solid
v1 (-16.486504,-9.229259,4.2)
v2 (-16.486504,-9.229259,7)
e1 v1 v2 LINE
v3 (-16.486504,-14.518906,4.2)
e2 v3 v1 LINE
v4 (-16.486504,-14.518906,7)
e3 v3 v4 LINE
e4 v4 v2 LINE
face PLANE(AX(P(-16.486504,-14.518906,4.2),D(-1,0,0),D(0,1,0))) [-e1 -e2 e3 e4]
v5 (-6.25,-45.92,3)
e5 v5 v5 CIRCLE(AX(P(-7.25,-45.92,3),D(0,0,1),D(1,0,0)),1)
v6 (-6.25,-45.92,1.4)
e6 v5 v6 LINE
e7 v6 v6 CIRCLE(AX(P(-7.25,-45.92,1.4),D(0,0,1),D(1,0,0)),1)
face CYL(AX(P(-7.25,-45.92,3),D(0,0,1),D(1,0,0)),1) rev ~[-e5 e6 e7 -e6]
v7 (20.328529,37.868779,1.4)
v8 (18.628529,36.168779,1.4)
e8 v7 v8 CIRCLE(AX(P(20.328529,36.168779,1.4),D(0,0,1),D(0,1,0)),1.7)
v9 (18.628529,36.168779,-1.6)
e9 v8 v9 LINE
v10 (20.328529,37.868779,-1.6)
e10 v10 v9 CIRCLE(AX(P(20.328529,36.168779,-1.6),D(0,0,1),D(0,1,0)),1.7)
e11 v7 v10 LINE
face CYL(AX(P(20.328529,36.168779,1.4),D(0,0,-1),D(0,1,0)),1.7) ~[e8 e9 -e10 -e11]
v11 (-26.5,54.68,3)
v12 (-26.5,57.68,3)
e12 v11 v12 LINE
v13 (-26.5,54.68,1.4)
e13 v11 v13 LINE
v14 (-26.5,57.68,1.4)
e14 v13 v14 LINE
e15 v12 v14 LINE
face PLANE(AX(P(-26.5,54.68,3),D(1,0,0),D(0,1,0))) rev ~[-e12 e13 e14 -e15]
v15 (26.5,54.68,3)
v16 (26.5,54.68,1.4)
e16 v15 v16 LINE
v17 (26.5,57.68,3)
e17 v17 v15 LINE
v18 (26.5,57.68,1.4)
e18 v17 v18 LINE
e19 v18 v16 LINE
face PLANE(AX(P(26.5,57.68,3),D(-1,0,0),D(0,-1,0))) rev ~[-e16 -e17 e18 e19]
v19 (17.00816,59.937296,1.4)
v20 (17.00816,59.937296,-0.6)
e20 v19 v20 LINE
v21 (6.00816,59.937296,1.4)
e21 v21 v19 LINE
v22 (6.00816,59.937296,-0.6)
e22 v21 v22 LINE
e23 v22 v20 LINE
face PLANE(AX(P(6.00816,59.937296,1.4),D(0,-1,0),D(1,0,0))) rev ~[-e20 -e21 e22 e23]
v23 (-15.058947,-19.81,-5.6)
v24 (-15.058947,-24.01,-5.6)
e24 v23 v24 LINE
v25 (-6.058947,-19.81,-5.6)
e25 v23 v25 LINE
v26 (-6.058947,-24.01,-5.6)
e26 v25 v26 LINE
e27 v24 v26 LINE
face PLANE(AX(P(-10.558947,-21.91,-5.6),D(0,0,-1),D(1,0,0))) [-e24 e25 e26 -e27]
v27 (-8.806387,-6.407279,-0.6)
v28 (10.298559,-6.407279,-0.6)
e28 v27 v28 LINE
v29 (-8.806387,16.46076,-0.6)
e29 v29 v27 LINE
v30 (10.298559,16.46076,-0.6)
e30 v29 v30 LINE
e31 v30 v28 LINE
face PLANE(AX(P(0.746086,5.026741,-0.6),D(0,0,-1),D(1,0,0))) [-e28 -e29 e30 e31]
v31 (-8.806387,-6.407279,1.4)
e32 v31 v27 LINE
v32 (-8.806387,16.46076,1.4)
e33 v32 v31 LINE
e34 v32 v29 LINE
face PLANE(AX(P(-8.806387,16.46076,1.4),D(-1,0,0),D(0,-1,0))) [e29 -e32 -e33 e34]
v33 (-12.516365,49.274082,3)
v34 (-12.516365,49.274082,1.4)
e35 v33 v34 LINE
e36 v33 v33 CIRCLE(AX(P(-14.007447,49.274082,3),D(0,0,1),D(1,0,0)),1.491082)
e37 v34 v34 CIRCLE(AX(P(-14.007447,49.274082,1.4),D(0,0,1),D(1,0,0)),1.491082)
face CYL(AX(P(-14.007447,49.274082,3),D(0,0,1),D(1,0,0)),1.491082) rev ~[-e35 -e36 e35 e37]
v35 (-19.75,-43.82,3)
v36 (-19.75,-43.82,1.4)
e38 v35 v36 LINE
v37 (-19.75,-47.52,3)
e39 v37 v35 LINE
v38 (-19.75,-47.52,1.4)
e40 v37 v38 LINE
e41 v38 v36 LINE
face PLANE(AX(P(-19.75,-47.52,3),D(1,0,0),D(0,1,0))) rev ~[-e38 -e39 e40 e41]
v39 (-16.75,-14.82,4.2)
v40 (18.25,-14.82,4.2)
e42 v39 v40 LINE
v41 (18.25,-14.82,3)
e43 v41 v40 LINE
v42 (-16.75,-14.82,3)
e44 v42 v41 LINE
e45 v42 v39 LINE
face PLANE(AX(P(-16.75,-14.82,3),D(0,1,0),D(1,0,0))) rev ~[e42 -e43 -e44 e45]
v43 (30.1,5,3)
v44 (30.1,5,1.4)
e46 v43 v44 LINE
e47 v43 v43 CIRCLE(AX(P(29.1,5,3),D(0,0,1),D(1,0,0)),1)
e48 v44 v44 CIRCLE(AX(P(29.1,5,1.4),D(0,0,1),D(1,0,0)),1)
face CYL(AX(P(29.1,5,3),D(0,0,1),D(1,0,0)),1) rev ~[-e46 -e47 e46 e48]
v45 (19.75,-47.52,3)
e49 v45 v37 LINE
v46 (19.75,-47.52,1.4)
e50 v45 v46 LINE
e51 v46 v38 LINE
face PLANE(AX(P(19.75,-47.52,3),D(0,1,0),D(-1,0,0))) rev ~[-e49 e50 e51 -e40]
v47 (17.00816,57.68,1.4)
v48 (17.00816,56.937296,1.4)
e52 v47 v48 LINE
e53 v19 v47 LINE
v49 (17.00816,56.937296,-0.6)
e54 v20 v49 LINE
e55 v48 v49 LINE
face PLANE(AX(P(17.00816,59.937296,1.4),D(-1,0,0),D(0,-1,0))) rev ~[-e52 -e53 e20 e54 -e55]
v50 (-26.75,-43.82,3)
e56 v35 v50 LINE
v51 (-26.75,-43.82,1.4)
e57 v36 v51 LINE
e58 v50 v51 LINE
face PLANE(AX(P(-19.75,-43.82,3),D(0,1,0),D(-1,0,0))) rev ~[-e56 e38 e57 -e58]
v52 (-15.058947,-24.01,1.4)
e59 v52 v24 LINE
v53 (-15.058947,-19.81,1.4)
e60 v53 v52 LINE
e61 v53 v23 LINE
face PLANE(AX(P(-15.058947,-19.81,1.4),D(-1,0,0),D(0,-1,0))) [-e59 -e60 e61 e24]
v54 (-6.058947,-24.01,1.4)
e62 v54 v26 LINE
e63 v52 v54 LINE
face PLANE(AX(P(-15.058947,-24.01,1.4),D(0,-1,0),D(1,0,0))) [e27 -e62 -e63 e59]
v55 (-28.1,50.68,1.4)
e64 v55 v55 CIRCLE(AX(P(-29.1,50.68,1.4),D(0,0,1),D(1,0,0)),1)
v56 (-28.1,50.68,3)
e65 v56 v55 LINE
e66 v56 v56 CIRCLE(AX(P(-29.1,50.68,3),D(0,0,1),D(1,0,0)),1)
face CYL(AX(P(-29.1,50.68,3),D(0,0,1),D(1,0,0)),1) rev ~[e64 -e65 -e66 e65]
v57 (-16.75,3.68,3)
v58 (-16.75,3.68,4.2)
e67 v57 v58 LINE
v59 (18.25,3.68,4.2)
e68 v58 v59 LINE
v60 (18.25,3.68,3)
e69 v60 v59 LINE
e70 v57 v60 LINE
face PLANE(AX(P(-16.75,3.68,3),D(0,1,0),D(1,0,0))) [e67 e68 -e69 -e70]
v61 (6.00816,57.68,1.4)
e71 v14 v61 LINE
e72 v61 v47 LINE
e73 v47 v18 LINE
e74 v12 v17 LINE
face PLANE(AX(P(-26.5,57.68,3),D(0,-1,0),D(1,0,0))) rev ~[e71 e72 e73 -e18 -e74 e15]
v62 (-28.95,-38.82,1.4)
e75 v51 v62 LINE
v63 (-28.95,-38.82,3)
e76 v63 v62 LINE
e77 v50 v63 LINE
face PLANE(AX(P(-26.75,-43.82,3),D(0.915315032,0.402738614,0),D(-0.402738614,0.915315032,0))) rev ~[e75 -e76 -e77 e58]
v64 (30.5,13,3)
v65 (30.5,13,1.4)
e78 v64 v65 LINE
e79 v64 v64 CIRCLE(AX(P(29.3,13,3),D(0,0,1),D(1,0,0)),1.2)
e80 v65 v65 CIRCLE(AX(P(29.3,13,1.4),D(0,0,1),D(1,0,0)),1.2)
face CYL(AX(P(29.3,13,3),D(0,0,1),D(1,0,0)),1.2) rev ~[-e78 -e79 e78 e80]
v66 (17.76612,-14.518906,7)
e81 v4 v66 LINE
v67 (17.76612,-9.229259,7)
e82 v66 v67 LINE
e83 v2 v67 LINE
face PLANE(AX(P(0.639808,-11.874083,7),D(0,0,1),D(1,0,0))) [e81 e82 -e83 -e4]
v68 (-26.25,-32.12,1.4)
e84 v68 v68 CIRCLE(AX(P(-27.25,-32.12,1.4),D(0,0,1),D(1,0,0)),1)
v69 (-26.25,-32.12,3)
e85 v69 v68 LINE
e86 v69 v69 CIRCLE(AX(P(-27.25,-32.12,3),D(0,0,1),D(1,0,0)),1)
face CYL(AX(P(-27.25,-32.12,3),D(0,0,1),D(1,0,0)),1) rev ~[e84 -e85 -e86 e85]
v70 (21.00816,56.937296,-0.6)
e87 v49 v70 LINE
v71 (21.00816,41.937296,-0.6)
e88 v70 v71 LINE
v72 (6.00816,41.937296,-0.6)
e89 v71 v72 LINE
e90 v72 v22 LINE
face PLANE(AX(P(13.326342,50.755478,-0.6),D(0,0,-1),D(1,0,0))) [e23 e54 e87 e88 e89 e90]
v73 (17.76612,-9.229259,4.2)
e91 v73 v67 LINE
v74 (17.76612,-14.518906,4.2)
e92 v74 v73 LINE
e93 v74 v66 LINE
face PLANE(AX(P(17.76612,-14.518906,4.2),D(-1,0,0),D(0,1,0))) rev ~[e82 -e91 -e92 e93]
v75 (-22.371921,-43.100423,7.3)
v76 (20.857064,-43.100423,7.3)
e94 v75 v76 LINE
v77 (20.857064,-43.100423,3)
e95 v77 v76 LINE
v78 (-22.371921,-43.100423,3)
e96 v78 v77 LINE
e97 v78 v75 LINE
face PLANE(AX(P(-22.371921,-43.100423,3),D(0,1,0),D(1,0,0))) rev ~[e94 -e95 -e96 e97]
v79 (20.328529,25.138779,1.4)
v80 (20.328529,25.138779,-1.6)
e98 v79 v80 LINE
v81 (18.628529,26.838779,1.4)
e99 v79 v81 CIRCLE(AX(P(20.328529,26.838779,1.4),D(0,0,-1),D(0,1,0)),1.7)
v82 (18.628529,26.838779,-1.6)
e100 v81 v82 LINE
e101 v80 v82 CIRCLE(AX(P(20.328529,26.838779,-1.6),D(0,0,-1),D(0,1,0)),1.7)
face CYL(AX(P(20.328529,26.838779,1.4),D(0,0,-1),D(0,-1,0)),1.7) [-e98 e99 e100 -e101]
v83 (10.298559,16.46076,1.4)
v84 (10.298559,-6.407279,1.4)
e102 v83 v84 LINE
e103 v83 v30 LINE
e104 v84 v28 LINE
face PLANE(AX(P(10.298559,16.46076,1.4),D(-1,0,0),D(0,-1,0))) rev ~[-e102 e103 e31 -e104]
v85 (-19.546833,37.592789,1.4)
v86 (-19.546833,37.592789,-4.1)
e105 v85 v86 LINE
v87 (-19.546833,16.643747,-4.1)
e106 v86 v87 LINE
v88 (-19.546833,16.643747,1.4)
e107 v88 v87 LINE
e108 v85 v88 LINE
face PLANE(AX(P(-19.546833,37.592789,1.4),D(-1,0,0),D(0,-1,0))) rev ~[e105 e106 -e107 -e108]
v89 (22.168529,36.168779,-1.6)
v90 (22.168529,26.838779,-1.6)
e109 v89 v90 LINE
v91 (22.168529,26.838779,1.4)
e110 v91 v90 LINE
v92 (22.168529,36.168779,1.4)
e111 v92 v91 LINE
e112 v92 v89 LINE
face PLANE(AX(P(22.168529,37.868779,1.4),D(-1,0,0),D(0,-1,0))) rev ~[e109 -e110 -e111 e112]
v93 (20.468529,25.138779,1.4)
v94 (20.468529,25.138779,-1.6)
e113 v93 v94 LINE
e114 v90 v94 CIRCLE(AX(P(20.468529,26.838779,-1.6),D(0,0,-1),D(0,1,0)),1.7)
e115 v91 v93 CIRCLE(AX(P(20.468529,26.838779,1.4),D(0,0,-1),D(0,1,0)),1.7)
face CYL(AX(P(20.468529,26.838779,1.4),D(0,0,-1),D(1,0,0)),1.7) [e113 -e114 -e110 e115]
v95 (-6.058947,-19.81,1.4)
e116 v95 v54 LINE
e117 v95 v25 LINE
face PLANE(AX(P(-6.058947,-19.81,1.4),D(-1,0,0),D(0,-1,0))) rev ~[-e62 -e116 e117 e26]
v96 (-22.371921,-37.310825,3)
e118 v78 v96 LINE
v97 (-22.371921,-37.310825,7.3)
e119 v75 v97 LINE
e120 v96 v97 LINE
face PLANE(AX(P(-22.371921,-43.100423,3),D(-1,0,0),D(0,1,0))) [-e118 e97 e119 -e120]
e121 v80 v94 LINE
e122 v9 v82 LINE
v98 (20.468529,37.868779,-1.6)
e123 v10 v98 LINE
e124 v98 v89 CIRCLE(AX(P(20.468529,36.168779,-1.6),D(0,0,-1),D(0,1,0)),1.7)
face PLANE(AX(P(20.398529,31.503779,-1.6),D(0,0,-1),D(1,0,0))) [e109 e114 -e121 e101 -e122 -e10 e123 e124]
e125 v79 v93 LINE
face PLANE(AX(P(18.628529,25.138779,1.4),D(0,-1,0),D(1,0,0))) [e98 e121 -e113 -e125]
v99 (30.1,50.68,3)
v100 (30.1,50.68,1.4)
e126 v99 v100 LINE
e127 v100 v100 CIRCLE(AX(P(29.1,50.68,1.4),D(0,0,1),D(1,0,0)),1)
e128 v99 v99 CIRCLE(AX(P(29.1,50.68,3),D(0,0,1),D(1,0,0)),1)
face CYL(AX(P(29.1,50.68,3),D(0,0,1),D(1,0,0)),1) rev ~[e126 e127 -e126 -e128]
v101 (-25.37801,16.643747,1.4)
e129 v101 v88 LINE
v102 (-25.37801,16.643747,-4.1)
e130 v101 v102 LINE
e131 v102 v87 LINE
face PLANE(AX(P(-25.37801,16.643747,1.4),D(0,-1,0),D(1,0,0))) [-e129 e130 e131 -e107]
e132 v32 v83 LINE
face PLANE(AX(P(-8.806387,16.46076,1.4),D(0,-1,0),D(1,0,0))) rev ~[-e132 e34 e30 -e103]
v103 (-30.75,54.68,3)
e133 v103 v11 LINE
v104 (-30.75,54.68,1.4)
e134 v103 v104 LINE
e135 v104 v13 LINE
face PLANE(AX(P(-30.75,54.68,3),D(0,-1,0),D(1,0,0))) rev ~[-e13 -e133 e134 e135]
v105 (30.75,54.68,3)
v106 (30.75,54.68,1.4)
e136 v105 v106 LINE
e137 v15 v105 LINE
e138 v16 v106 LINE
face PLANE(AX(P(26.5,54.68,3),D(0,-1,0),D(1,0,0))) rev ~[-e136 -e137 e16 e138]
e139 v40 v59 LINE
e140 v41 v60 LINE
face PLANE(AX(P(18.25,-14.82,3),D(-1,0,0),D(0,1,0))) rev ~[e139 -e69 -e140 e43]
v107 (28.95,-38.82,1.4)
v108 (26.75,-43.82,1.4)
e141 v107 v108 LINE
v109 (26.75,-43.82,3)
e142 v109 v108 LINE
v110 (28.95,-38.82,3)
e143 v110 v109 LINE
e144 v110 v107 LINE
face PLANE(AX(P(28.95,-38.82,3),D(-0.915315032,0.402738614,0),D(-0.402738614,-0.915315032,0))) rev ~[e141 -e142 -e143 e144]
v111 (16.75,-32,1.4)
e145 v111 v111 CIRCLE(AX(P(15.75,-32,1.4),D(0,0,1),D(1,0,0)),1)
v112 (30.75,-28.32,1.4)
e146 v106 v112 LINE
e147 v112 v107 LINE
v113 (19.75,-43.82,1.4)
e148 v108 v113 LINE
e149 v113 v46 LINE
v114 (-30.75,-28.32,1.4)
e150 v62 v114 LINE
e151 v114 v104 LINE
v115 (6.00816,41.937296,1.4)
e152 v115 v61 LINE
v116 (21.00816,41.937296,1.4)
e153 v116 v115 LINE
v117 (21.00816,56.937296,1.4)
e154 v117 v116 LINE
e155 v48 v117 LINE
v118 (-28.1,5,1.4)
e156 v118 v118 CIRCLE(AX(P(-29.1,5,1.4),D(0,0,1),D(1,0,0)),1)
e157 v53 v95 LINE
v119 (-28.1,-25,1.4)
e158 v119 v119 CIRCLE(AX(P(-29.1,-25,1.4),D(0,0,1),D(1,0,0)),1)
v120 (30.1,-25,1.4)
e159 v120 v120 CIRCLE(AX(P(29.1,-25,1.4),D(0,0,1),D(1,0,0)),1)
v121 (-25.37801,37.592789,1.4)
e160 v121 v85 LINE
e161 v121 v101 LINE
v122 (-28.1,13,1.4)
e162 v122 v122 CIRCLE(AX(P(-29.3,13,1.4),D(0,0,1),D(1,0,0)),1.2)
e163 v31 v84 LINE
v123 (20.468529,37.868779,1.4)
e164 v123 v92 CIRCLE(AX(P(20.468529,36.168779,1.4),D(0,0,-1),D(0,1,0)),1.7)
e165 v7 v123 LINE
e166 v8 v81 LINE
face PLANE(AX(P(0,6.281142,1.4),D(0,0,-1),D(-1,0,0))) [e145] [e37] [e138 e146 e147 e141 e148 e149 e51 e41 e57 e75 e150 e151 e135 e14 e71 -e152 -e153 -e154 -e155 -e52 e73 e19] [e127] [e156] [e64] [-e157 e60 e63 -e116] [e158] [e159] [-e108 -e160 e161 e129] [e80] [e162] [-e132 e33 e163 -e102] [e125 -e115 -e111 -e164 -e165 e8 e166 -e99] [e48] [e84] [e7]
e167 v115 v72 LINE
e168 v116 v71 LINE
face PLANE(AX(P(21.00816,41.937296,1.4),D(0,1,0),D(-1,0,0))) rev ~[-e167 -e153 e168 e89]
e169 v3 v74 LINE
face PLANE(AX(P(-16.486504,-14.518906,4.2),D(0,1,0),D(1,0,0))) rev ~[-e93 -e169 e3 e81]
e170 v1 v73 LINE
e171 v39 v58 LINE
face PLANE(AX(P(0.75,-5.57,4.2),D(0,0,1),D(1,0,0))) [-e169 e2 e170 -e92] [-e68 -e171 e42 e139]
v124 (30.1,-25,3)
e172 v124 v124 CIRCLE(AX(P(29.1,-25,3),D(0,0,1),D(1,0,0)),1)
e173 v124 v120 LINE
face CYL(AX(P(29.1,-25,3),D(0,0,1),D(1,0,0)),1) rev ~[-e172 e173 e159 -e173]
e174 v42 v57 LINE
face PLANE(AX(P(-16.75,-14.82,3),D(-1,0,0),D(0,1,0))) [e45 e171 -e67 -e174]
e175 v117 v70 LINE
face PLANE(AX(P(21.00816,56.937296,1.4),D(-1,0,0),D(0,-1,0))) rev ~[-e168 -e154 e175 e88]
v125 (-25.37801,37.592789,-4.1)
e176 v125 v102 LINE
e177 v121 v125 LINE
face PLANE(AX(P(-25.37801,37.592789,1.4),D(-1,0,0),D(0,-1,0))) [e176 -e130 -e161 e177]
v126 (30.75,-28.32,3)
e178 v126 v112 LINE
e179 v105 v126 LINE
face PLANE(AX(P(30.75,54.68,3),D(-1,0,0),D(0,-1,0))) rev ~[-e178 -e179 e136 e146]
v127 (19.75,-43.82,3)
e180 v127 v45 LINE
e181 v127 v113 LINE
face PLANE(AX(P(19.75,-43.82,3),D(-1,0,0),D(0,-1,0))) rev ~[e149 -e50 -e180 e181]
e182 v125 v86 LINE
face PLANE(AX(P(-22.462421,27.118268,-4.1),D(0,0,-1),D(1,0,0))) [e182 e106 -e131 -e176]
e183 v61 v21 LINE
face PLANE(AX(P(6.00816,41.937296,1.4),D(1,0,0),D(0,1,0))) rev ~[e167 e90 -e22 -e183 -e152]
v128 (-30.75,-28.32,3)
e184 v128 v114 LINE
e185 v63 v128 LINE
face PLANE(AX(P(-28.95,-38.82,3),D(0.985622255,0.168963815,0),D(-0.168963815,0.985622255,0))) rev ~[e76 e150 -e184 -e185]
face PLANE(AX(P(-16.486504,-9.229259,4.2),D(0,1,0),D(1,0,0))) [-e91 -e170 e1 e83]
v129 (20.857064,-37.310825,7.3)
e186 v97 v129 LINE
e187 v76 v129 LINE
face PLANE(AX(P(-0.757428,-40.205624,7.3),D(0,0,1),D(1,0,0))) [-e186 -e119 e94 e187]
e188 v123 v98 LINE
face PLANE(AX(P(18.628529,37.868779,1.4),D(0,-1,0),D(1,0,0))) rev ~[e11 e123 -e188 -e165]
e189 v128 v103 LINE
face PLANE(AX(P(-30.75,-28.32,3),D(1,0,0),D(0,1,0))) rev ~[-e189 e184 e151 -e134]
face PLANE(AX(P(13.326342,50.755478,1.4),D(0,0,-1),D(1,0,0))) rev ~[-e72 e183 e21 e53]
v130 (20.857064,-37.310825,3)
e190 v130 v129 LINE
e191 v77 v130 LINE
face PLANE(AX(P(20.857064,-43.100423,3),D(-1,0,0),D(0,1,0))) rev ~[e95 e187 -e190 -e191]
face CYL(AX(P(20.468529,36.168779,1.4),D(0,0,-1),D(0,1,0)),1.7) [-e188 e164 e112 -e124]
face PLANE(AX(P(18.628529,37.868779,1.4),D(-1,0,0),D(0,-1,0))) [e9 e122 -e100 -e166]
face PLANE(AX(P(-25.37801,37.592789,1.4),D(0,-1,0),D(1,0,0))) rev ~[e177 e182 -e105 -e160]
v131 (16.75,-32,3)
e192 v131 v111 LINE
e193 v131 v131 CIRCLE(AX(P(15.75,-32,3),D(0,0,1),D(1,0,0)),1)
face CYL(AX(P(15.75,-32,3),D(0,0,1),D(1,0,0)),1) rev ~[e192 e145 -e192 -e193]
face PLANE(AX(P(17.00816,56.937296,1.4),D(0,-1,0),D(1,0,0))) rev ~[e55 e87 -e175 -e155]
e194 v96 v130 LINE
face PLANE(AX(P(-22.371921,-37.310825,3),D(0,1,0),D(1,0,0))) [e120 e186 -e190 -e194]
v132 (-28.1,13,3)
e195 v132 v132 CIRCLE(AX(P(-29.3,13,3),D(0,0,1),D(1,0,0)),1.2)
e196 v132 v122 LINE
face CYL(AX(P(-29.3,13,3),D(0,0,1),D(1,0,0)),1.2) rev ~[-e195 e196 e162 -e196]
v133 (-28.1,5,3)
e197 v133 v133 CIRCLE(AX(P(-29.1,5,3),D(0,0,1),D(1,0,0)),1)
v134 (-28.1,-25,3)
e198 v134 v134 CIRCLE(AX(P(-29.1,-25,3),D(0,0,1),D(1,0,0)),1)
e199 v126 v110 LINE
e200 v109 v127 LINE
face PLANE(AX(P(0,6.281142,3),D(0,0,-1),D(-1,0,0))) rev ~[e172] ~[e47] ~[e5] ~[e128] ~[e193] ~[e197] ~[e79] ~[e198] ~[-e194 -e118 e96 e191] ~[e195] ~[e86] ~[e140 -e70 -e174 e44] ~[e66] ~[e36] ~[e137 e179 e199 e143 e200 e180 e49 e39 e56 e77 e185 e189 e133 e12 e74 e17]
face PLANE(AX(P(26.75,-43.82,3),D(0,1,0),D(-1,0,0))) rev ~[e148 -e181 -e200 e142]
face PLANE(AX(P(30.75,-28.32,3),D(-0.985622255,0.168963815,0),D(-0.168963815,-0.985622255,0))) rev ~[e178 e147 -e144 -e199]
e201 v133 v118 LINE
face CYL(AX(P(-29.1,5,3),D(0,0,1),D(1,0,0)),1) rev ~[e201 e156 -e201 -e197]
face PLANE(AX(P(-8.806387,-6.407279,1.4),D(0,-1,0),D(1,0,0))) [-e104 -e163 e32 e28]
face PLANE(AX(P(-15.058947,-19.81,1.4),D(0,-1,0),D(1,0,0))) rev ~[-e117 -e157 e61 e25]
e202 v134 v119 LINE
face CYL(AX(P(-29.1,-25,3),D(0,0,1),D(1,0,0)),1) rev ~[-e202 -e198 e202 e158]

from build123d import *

# Parameters (mm, degrees)
SKETCH006_R   = 1
SKETCH006_R_2 = 1.2
SKETCH006_R_3 = 1.491082
PAD002_DEPTH  = 1.6
SKETCH033_W   = 5.831177
SKETCH033_H   = 20.949042
PAD019_DEPTH  = 5.5
PAD021_DEPTH  = 2
SKETCH053_W   = 19.104945
SKETCH053_H   = 22.868039
PAD026_DEPTH  = 2
SKETCH058_W   = 43.228985
SKETCH058_H   = 5.789597
PAD028_DEPTH  = 4.3
SKETCH110_W   = 3.54
SKETCH110_H   = 12.73
PAD057_DEPTH  = 3
FILLET018_R   = 1.7
SKETCH120_W   = 9
SKETCH120_H   = 4.2
PAD060_DEPTH  = 7
SKETCH121_W   = 35
SKETCH121_H   = 18.5
PAD061_DEPTH  = 1.2
SKETCH122_W   = 34.252625
SKETCH122_H   = 5.289647
PAD062_DEPTH  = 2.8


with BuildPart() as part:
    # Sketch006 → Pad002 (new body)
    with BuildSketch(Plane.XY.offset(3)):
        Polygon((30.75, 54.68), (30.75, -28.32), (28.95, -38.82), (26.75, -43.82), (19.75, -43.82), (19.75, -47.52), (-19.75, -47.52), (-19.75, -43.82), (-26.75, -43.82), (-28.95, -38.82), (-30.75, -28.32), (-30.75, 54.68), (-26.5, 54.68), (-26.5, 57.68), (26.5, 57.68), (26.5, 54.68), align=None)
        with Locations((-27.25, -32.12)):
            Circle(SKETCH006_R, mode=Mode.SUBTRACT)
        with Locations((15.75, -32)):
            Circle(SKETCH006_R, mode=Mode.SUBTRACT)
        with Locations((29.1, 50.68)):
            Circle(SKETCH006_R, mode=Mode.SUBTRACT)
        with Locations((-29.1, 50.68)):
            Circle(SKETCH006_R, mode=Mode.SUBTRACT)
        with Locations((-29.1, 5)):
            Circle(SKETCH006_R, mode=Mode.SUBTRACT)
        with Locations((-29.3, 13)):
            Circle(SKETCH006_R_2, mode=Mode.SUBTRACT)
        with Locations((29.3, 13)):
            Circle(SKETCH006_R_2, mode=Mode.SUBTRACT)
        with Locations((29.1, 5)):
            Circle(SKETCH006_R, mode=Mode.SUBTRACT)
        with Locations((-7.25, -45.92)):
            Circle(SKETCH006_R, mode=Mode.SUBTRACT)
        with Locations((-29.1, -25)):
            Circle(SKETCH006_R, mode=Mode.SUBTRACT)
        with Locations((29.1, -25)):
            Circle(SKETCH006_R, mode=Mode.SUBTRACT)
        with Locations((-14.007447, 49.274082)):
            Circle(SKETCH006_R_3, mode=Mode.SUBTRACT)
    extrude(amount=-PAD002_DEPTH)

    # Sketch033 (on Face30 of Pad002) → Pad019 (join)
    with BuildSketch(Plane(origin=(0, 0, 1.4), x_dir=(1, 0, 0), z_dir=(0, 0, -1))):
        with Locations((-22.462421, -27.118268)):
            Rectangle(SKETCH033_W, SKETCH033_H)
    extrude(amount=PAD019_DEPTH)

    # Sketch046 (on Face5 of Pad019) → Pad021 (join)
    with BuildSketch(Plane(origin=(0, 0, 1.4), x_dir=(1, 0, 0), z_dir=(0, 0, -1))):
        Polygon((21.00816, -56.937296), (21.00816, -41.937296), (6.00816, -41.937296), (6.00816, -56.937296), (6.00816, -59.937296), (17.00816, -59.937296), (17.00816, -56.937296), align=None)
    extrude(amount=PAD021_DEPTH)

    # Sketch053 (on Face5 of Pad021) → Pad026 (join)
    with BuildSketch(Plane(origin=(0, 0, 1.4), x_dir=(1, 0, 0), z_dir=(0, 0, -1))):
        with Locations((0.746086, -5.026741)):
            Rectangle(SKETCH053_W, SKETCH053_H)
    extrude(amount=PAD026_DEPTH)

    # Sketch058 (on Face4 of Pad026) → Pad028 (join)
    with BuildSketch(Plane.XY.offset(3)):
        with Locations((-0.757428, -40.205624)):
            Rectangle(SKETCH058_W, SKETCH058_H)
    extrude(amount=PAD028_DEPTH)

    # Sketch110 (on Face5 of Pad028) → Pad057 (join)
    with BuildSketch(Plane(origin=(0, 0, 1.4), x_dir=(1, 0, 0), z_dir=(0, 0, -1))):
        with Locations((20.398529, -31.503779)):
            Rectangle(SKETCH110_W, SKETCH110_H)
    extrude(amount=PAD057_DEPTH)

    # Fillet018
    fillet018_edges = [part.edges().sort_by_distance(p)[0] for p in [
        (18.628529, 25.138779, -0.1),
        (22.168529, 25.138779, -0.1),
        (22.168529, 37.868779, -0.1),
        (18.628529, 37.868779, -0.1),
    ]]
    fillet(fillet018_edges, radius=FILLET018_R)

    # Sketch120 (on Face1 of Fillet018) → Pad060 (join)
    with BuildSketch(Plane(origin=(0, 0, 1.4), x_dir=(1, 0, 0), z_dir=(0, 0, -1))):
        with Locations((-10.558947, 21.91)):
            Rectangle(SKETCH120_W, SKETCH120_H)
    extrude(amount=PAD060_DEPTH)

    # Sketch121 (on Face56 of Pad060) → Pad061 (join)
    with BuildSketch(Plane.XY.offset(3)):
        with Locations((0.75, -5.57)):
            Rectangle(SKETCH121_W, SKETCH121_H)
    extrude(amount=PAD061_DEPTH)

    # Sketch122 (on Face72 of Pad061) → Pad062 (join)
    with BuildSketch(Plane.XY.offset(4.2)):
        with Locations((0.639808, -11.874083)):
            Rectangle(SKETCH122_W, SKETCH122_H)
    extrude(amount=PAD062_DEPTH)


solid = part.part
